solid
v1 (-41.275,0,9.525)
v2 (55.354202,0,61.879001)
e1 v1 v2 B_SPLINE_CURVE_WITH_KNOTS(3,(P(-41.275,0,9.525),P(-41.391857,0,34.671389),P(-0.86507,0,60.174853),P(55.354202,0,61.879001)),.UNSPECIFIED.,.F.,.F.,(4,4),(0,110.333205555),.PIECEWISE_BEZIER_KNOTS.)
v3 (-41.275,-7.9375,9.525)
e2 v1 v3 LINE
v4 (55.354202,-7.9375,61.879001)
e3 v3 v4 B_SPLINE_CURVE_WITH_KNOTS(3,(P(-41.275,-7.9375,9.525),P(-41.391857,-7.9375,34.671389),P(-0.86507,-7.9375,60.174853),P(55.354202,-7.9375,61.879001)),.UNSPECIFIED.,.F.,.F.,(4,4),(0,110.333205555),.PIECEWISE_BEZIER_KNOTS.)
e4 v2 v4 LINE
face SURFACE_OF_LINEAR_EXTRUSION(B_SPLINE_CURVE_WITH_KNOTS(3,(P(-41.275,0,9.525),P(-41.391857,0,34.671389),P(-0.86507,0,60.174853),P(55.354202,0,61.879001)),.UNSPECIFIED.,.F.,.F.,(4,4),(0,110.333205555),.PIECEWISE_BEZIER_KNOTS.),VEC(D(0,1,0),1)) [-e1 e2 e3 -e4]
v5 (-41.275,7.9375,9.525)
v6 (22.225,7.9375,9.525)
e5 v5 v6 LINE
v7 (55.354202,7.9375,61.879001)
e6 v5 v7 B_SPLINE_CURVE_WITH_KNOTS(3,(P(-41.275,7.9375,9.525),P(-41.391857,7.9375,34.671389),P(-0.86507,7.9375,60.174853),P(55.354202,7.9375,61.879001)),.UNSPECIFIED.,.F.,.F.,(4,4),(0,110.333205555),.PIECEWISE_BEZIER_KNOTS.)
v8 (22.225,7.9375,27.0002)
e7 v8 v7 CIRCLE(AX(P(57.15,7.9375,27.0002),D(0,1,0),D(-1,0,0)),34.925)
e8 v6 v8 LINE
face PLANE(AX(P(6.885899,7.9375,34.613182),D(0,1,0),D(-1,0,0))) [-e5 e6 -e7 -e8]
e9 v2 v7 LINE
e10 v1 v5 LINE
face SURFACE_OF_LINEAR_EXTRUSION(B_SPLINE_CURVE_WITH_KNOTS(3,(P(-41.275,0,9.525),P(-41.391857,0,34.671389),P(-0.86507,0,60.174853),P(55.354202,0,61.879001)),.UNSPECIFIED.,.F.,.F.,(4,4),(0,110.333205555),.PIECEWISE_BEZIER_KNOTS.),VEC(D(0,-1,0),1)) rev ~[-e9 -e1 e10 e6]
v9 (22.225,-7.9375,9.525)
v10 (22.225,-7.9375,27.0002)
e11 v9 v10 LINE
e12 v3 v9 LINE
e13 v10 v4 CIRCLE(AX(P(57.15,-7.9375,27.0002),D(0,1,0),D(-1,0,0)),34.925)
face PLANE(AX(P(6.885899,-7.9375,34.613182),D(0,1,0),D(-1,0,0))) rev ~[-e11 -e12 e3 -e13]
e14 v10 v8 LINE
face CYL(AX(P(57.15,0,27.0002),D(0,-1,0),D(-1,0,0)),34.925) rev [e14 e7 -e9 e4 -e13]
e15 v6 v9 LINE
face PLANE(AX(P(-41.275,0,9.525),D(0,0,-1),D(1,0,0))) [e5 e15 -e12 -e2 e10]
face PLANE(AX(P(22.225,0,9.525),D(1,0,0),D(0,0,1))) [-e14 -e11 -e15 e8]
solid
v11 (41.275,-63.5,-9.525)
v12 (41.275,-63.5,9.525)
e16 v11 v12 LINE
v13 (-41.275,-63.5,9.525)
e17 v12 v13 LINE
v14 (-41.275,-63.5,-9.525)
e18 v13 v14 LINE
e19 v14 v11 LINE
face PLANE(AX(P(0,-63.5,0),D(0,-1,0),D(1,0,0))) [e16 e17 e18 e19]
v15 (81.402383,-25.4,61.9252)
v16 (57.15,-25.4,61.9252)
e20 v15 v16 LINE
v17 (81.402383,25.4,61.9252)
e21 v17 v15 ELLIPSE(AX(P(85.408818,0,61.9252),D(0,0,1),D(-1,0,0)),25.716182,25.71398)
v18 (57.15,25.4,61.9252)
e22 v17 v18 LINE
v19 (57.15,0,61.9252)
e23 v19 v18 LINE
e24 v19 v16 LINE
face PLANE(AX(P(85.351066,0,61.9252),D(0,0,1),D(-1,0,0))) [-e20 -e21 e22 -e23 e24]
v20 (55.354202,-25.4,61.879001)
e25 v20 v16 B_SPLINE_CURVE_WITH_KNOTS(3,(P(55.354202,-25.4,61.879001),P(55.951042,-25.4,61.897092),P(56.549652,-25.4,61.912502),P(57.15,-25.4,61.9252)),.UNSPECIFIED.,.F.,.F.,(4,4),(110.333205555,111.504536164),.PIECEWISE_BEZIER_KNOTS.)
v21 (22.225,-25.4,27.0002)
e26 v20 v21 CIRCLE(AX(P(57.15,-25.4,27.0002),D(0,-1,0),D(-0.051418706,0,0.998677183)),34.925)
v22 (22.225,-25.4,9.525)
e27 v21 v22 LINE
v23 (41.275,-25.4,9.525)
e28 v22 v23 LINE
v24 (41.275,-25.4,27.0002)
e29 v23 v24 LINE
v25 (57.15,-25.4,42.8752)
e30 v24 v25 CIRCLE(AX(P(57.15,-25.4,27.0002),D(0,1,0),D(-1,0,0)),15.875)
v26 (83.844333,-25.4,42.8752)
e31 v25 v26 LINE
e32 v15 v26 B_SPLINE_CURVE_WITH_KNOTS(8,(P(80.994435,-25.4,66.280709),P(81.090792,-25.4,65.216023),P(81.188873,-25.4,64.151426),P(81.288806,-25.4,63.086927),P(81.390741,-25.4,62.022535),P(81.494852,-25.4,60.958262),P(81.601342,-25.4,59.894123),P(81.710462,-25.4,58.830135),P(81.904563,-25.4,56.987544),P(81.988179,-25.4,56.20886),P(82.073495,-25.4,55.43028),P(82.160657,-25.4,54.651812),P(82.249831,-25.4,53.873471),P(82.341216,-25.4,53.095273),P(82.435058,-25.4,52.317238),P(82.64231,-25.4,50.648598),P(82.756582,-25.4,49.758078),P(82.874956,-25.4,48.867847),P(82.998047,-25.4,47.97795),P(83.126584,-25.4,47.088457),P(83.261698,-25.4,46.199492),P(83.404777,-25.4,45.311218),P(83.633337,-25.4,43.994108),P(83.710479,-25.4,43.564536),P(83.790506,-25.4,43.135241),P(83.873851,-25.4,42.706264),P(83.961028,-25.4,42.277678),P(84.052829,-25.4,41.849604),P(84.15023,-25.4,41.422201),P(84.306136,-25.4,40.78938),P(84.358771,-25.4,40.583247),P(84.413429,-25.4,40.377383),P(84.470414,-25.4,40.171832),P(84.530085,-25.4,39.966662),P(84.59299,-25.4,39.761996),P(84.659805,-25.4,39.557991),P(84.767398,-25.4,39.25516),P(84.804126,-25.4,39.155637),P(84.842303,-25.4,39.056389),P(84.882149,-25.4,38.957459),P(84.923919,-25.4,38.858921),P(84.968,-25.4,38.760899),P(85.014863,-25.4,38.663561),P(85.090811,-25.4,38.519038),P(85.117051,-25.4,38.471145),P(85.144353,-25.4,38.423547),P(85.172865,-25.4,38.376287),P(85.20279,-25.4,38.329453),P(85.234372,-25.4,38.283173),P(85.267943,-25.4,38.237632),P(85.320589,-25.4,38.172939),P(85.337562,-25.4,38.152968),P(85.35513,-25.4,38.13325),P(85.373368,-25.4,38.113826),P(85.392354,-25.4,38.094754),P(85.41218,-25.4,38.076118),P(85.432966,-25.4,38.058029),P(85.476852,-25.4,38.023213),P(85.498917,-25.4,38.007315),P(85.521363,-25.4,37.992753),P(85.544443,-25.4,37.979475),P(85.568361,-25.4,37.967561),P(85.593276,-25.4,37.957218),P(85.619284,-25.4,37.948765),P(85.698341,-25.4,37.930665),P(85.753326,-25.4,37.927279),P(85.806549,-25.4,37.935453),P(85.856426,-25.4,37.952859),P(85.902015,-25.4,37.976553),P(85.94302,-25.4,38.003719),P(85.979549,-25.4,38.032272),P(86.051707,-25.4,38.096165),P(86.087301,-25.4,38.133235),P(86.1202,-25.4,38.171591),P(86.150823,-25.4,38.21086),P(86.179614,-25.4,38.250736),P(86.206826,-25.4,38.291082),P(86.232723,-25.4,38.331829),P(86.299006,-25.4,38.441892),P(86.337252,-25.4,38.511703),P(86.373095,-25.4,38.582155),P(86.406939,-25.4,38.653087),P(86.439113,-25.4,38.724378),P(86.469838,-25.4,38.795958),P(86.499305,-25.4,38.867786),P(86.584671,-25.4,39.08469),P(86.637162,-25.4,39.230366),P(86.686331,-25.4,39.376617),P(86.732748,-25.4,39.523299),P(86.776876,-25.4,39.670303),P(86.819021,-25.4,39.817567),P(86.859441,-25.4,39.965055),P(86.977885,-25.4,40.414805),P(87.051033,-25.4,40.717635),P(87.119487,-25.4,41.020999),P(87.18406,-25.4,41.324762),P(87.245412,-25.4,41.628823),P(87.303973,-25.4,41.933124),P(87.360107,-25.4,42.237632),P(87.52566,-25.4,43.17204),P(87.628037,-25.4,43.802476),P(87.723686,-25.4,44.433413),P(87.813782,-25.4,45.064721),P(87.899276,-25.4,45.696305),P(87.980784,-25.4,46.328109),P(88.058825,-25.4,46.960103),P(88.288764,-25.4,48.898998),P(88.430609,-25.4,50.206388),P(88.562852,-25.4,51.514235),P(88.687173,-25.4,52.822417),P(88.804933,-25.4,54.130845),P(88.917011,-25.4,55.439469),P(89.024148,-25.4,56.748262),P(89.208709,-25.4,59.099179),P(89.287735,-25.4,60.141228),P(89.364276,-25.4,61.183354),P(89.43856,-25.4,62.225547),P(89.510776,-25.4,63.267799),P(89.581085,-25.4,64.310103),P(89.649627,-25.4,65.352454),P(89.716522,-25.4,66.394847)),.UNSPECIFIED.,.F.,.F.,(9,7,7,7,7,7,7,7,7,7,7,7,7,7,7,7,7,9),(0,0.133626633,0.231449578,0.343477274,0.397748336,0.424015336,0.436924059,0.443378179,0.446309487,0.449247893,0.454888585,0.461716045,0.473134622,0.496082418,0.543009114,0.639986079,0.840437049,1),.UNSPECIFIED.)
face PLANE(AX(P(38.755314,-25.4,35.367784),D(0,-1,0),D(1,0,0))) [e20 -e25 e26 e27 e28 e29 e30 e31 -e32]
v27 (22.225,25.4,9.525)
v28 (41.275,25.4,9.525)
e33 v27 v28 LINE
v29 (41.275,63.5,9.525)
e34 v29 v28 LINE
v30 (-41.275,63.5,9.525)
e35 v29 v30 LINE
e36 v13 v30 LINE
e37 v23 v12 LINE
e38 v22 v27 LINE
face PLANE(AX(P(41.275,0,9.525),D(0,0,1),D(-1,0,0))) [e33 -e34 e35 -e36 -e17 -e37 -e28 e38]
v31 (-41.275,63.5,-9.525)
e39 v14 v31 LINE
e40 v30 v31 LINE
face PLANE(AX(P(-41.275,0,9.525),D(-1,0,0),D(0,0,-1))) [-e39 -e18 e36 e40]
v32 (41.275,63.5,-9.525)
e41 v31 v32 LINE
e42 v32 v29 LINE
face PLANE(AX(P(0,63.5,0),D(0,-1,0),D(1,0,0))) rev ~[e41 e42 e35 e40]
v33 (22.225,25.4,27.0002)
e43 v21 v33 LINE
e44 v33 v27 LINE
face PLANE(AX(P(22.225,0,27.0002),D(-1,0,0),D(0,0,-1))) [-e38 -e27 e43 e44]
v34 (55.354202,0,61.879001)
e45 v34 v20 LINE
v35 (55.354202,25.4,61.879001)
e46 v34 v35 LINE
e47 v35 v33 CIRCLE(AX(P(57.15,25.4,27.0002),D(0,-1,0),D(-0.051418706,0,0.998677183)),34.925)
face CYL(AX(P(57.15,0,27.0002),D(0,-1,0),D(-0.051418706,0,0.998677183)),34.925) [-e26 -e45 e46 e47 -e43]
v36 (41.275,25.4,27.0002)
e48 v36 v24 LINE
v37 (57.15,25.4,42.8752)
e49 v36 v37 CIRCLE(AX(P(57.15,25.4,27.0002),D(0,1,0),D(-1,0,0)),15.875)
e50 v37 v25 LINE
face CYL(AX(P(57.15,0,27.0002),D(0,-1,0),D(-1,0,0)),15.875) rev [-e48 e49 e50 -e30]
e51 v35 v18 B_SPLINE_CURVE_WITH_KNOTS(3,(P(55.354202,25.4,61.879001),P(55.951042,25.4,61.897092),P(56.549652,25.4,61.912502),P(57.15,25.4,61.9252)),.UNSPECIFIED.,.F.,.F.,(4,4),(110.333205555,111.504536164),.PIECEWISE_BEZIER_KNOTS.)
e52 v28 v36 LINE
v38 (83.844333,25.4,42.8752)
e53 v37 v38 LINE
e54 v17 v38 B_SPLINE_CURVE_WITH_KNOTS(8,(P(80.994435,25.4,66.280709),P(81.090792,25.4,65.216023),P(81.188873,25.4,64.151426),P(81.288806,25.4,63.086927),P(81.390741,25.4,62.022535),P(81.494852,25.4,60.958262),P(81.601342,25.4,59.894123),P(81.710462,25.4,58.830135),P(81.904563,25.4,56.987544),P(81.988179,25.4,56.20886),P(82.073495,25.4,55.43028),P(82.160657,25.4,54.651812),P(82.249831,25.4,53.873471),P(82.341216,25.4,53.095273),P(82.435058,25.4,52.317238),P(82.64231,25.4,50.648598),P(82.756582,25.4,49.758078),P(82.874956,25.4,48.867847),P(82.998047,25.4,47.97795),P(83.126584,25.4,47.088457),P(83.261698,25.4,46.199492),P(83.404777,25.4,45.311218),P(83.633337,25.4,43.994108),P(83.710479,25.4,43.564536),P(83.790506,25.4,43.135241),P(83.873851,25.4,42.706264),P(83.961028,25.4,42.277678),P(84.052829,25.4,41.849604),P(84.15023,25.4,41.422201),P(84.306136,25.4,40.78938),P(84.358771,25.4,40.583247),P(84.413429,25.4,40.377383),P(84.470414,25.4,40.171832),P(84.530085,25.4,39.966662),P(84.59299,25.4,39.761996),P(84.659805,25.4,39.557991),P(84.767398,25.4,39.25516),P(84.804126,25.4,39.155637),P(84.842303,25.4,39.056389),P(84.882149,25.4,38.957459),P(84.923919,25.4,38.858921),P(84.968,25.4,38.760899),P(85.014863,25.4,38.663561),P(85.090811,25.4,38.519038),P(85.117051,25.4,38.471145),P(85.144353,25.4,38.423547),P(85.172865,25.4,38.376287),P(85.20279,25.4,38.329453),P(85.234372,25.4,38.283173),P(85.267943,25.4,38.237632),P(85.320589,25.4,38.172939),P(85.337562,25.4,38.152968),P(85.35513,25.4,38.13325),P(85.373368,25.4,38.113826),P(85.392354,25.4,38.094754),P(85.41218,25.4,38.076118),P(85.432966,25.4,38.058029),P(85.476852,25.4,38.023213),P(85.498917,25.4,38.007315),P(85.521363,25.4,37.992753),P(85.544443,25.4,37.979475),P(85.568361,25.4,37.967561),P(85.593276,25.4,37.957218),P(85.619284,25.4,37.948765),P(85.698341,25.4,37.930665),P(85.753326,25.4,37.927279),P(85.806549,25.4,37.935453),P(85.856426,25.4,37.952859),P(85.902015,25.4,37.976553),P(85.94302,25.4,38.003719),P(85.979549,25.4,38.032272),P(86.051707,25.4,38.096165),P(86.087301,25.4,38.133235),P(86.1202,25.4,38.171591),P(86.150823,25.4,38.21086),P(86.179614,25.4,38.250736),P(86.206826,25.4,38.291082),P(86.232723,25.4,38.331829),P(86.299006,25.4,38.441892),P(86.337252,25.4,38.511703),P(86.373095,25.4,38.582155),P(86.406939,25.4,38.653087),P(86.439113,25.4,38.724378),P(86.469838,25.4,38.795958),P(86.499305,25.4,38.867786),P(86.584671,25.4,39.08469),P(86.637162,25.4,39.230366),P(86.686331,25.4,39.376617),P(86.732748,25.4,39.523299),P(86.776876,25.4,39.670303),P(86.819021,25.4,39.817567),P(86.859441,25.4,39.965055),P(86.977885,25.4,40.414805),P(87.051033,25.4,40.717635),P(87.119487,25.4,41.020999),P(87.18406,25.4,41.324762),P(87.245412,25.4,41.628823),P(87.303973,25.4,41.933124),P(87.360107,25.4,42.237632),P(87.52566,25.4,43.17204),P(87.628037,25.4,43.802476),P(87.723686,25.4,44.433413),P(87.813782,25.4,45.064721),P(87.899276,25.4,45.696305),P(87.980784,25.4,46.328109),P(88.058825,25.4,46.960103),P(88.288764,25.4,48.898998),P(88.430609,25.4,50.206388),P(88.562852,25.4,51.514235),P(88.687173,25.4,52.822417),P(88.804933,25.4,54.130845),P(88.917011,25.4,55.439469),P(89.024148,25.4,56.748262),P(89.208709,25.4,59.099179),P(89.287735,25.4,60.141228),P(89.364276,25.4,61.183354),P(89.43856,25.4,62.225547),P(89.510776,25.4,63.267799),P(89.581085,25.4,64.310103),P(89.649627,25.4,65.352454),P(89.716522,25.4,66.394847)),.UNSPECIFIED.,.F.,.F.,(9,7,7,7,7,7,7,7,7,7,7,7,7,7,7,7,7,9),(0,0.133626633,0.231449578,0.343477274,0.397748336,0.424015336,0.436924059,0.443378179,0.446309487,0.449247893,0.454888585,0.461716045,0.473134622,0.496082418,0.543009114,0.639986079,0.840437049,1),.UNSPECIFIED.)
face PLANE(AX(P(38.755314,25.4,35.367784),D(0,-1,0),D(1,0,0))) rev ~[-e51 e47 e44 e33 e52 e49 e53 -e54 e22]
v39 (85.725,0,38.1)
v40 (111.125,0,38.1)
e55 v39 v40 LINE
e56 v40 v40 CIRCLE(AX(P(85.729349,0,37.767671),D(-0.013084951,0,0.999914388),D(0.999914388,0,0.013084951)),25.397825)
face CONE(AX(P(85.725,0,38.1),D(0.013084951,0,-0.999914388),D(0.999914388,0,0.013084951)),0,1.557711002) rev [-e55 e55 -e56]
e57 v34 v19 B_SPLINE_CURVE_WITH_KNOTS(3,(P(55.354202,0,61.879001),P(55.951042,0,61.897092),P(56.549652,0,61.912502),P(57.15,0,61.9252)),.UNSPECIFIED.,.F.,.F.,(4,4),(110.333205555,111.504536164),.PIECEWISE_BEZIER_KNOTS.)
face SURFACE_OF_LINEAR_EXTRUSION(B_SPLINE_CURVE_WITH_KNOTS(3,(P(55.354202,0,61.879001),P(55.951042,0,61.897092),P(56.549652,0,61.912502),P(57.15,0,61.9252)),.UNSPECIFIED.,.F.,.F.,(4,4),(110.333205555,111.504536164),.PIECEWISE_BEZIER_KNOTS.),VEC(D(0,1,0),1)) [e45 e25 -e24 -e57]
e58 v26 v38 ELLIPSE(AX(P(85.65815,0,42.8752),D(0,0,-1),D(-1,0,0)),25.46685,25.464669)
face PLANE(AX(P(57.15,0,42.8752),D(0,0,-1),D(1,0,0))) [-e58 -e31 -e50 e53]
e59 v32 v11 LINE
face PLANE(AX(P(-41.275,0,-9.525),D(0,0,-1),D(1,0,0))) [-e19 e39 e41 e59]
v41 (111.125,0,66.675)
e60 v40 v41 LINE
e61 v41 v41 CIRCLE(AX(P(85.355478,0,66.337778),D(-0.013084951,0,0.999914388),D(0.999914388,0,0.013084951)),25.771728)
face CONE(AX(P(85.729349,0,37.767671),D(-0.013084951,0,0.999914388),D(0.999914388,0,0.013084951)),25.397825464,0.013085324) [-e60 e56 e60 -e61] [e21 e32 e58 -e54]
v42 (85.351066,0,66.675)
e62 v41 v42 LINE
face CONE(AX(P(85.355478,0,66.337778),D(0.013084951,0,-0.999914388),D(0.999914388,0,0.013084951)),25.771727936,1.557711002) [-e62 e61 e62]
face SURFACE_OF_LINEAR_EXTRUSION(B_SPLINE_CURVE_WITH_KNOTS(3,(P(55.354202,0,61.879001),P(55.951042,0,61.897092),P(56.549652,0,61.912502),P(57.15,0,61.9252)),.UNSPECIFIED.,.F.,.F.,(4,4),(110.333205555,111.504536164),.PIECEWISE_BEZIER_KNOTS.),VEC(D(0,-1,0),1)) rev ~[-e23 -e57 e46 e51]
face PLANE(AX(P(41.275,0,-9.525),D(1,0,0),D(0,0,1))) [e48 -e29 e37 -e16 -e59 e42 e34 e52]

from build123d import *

# Parameters (mm, degrees)
F1_DEPTH = 63.5
F0_W     = 3.175
F0_H     = 19.05
F0_W_2   = 25.0260655152
F2_DEPTH = 25.4
F3_DEPTH = 7.9375


with BuildPart() as f1:
    # F0 (on Front) → F1 (new body, symmetric)
    with BuildSketch(Plane.XZ):
        Polygon((-41.275, -9.525), (41.275, -9.525), (41.275, 9.525), (22.225, 9.525), (-41.275, 9.525), align=None)
    extrude(amount=F1_DEPTH, both=True)

    # F0 (on Front) → F2 (join, symmetric)
    with BuildSketch(Plane.XZ):
        with BuildLine():
            Line((22.225, 9.525), (41.275, 9.525))
            Line((41.275, 9.525), (41.275, 27.0002))
            ThreePointArc((41.275, 27.0002), (45.9246798487, 38.2255201513), (57.15, 42.8752))
            Line((57.15, 42.8752), (57.15, 61.9252))
            add(Edge.make_bspline(
                [(55.3542016854, 61.8790006304), (55.9510424401, 61.8970923773), (56.5496518298, 61.9125018017), (57.15, 61.9252)],
                knots=[110.3332055553, 110.3332055553, 110.3332055553, 110.3332055553, 111.5045361635, 111.5045361635, 111.5045361635, 111.5045361635], degree=3))
            ThreePointArc((55.3542016854, 61.8790006304), (31.8273433351, 51.0526153555), (22.225, 27.0002))
            Line((22.225, 27.0002), (22.225, 9.525))
        make_face()
        with Locations((58.7375, 52.4002)):
            Rectangle(F0_W, F0_H)
        with Locations((72.8380327576, 52.4002)):
            Rectangle(F0_W_2, F0_H)
    extrude(amount=F2_DEPTH, both=True)

    # F0 (on Front) → F4 (revolve)
    with BuildSketch(Plane.XZ):
        Polygon((85.3510655152, 66.675), (85.725, 38.1), (111.125, 38.1), (111.125, 66.675), align=None)
    revolve(axis=Axis((85.5380327576, 0, 52.3875), (-0.0130849509, 0, 0.9999143884)))


with BuildPart() as f3:
    # F0 (on Front) → F3 (new body, symmetric)
    with BuildSketch(Plane.XZ):
        with BuildLine():
            add(Edge.make_bspline(
                [(-41.275, 9.525), (-41.3918569019, 34.6713886687), (-0.8650699785, 60.1748528703), (55.3542016854, 61.8790006304)],
                knots=[0, 0, 0, 0, 110.3332055553, 110.3332055553, 110.3332055553, 110.3332055553], degree=3))
            Line((-41.275, 9.525), (22.225, 9.525))
            Line((22.225, 9.525), (22.225, 27.0002))
            ThreePointArc((22.225, 27.0002), (31.8273433351, 51.0526153555), (55.3542016854, 61.8790006304))
        make_face()
    extrude(amount=F3_DEPTH, both=True)


solid = Compound([f1.part, f3.part])
